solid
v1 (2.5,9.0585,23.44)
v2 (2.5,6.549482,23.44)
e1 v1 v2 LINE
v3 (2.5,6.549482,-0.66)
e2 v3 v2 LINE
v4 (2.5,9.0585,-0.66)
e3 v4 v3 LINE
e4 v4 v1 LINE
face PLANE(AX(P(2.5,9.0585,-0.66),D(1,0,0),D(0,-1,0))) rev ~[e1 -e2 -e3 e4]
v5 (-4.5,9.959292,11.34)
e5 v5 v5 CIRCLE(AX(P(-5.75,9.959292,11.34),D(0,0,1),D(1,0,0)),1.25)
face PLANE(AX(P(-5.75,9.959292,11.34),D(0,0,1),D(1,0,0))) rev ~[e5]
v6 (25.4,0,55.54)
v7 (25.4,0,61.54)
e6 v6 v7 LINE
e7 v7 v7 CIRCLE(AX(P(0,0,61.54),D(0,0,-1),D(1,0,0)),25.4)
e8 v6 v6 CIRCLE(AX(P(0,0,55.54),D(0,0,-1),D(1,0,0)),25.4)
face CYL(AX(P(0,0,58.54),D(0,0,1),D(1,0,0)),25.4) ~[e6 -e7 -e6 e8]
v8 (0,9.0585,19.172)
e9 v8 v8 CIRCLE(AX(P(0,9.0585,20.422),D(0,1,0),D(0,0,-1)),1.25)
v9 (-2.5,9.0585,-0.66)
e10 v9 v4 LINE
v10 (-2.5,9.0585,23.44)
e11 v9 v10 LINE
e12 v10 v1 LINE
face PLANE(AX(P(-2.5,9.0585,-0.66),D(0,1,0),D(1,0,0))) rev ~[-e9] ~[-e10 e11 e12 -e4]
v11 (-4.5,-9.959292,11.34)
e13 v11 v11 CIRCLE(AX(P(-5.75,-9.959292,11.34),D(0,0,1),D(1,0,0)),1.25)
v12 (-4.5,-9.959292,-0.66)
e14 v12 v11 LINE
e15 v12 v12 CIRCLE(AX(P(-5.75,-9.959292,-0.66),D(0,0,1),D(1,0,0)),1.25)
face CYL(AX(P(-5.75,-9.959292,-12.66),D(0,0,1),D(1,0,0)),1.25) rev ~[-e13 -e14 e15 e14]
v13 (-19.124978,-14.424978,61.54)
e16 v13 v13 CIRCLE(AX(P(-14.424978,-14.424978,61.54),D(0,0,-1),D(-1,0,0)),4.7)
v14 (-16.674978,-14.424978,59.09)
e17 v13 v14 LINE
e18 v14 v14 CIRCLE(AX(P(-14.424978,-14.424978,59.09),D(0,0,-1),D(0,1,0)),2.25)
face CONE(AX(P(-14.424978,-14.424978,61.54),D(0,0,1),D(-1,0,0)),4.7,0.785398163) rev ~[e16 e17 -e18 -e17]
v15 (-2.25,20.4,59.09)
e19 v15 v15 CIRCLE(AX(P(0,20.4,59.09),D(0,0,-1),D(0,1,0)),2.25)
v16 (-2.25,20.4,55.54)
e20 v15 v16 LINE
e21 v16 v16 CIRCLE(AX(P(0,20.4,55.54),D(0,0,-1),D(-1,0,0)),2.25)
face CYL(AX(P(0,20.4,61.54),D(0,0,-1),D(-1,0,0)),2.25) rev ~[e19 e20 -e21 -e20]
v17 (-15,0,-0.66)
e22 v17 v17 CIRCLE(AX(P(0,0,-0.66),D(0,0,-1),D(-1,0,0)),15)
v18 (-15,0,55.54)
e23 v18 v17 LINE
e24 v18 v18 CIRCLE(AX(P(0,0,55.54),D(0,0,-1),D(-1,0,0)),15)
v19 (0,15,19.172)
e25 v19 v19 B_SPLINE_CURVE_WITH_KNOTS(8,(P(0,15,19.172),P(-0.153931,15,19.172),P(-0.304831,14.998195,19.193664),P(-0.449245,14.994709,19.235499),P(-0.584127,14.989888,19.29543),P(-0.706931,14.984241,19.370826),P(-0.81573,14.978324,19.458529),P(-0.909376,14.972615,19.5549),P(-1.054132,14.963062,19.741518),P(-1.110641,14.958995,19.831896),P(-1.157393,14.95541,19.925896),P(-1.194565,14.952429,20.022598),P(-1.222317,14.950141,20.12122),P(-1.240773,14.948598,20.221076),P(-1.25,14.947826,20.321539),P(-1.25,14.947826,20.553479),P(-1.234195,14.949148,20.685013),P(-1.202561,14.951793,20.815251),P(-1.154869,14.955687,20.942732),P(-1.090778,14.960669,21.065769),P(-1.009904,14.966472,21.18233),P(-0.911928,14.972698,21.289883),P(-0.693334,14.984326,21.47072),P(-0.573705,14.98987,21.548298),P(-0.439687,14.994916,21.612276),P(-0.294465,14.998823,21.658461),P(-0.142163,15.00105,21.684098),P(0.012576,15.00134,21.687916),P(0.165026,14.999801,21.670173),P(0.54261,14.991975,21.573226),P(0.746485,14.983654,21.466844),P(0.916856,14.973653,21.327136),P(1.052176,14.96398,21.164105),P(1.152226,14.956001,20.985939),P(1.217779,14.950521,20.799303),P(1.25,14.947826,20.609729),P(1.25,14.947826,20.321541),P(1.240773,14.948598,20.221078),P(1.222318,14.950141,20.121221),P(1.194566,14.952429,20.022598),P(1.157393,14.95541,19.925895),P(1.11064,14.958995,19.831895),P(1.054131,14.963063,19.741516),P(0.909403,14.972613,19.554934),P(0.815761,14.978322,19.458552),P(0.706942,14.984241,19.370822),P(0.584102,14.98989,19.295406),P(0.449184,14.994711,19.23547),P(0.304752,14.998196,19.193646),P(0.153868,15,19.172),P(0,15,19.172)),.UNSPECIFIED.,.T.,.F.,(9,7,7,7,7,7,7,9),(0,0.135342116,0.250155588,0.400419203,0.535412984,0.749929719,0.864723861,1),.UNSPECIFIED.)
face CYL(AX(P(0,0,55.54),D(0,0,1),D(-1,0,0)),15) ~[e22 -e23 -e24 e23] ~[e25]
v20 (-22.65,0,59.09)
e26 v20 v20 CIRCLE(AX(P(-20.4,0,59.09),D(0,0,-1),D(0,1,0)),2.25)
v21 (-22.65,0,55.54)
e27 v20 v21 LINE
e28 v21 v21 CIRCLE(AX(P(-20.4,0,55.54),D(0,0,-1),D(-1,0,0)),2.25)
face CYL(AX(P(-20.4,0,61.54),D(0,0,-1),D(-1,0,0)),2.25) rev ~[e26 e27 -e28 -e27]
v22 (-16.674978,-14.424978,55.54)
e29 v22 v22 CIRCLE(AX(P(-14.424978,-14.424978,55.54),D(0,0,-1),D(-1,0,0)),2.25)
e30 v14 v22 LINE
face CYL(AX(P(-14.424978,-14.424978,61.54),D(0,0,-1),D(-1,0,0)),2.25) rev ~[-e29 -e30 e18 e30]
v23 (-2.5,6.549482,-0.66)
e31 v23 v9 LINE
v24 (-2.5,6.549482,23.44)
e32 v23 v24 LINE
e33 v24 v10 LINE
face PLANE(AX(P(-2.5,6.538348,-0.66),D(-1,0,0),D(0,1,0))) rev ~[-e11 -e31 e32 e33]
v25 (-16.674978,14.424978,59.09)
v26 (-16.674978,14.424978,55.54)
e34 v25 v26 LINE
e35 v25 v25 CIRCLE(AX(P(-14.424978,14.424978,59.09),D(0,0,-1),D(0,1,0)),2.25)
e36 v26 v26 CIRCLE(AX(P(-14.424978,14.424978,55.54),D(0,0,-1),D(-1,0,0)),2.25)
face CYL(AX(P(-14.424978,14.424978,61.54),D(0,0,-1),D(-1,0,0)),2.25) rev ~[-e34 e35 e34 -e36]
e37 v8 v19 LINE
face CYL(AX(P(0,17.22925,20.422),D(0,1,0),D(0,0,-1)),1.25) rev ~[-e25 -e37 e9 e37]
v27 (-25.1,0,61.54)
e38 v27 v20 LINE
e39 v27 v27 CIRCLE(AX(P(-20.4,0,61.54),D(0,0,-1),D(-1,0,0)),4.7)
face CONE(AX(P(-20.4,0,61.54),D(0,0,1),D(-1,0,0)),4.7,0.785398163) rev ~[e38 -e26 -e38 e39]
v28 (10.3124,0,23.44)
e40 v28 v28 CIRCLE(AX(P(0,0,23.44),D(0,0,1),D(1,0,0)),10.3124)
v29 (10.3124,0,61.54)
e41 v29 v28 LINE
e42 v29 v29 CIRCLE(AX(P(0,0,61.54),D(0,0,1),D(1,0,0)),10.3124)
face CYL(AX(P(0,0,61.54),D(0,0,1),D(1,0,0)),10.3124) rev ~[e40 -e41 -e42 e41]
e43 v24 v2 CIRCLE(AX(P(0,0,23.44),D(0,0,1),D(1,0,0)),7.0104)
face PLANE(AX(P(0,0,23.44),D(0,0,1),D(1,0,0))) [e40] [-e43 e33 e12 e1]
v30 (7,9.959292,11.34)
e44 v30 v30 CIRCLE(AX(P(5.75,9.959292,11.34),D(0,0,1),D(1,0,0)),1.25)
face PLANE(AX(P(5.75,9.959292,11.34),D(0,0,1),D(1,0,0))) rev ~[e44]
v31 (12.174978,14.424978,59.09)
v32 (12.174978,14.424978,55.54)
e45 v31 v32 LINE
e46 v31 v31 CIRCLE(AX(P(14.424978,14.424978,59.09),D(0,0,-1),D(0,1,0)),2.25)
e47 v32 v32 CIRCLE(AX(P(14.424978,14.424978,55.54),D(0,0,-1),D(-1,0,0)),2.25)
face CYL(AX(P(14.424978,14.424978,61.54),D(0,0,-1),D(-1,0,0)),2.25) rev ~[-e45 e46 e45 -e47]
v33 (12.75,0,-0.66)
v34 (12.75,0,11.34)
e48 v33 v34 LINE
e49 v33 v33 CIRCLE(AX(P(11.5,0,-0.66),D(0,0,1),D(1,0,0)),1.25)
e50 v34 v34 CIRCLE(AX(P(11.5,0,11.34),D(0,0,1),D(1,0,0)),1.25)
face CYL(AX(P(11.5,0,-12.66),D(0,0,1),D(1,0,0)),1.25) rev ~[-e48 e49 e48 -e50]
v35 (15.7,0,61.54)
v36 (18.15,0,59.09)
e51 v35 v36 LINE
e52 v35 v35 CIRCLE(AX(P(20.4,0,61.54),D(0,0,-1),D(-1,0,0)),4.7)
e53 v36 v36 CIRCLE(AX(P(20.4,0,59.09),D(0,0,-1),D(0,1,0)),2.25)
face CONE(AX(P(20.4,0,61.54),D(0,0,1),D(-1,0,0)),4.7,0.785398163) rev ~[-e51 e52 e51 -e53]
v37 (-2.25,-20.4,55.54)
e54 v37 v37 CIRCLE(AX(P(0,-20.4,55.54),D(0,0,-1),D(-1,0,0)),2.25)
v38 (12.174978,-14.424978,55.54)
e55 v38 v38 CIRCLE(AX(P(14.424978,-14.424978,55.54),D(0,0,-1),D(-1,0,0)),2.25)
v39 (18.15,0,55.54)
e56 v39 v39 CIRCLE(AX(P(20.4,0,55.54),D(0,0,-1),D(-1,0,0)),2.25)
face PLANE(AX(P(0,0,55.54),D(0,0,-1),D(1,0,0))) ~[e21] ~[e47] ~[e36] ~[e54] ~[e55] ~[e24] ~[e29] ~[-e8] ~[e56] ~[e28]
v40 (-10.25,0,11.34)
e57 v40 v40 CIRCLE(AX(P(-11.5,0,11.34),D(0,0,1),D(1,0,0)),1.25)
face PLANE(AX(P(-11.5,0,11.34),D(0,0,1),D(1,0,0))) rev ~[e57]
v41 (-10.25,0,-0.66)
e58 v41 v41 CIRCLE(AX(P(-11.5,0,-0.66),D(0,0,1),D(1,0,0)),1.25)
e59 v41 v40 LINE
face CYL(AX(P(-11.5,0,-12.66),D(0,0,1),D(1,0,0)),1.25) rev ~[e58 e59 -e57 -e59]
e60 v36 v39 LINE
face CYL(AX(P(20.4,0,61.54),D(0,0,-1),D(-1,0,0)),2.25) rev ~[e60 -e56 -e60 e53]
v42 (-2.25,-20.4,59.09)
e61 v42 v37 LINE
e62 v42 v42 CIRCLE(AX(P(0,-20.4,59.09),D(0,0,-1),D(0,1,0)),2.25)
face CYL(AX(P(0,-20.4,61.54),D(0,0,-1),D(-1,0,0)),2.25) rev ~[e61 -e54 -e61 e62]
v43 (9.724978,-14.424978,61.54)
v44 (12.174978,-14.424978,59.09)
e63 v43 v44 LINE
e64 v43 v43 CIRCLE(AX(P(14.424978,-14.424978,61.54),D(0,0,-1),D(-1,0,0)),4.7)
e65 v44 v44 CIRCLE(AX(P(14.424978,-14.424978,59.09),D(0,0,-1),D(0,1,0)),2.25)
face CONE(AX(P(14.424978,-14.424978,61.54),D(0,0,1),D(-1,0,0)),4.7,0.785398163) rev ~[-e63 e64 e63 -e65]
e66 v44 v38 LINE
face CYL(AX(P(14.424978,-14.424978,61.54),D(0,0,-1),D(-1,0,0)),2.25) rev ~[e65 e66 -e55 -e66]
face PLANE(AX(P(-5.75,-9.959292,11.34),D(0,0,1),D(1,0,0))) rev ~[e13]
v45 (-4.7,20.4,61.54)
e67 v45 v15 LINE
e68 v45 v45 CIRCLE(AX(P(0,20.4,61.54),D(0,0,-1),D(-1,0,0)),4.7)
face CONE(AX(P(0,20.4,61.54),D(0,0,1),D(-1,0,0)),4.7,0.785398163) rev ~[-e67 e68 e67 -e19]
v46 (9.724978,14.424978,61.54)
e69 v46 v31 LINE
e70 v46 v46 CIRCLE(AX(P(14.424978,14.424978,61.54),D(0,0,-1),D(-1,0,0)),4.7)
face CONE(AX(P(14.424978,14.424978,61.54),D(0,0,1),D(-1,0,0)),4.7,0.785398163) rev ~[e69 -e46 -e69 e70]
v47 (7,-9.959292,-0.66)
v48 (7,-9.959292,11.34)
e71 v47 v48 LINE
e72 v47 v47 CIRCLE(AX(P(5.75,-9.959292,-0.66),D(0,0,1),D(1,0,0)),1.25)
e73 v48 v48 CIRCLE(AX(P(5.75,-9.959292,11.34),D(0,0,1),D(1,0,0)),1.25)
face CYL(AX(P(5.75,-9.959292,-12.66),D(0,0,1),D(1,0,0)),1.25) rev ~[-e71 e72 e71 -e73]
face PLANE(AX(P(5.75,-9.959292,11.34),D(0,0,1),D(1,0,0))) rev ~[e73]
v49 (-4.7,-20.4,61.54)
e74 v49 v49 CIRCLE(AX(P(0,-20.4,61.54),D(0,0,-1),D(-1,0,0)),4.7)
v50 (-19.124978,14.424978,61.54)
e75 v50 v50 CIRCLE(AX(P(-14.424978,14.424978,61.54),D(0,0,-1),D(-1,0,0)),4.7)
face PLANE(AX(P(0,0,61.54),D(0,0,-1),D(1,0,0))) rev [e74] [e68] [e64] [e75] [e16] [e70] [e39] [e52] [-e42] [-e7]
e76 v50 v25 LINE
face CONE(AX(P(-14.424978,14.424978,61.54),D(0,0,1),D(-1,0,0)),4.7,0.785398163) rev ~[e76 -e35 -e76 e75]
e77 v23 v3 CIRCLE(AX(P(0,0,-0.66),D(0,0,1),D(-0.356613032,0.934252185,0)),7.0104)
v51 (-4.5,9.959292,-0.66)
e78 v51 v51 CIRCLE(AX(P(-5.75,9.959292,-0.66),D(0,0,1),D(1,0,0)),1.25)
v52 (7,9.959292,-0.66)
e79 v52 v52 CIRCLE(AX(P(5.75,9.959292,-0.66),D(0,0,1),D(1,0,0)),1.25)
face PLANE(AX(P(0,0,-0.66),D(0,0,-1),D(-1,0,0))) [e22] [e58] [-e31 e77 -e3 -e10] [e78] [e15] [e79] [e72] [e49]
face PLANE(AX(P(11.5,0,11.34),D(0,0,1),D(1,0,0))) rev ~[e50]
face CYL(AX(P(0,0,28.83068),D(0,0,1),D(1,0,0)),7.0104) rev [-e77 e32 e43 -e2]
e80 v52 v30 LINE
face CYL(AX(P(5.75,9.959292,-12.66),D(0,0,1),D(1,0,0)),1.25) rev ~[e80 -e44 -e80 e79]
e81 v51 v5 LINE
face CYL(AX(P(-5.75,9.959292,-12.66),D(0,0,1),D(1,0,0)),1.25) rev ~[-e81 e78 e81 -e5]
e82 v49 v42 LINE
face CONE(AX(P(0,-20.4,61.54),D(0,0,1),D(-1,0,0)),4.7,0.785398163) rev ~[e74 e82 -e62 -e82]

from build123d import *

# Parameters (mm, degrees)
SKETCH1_W                                         = 25.4
SKETCH1_H                                         = 6
SKETCH2_R                                         = 15
BOSS_EXTRUDE1_DEPTH                               = 56.2
CUT_EXTRUDE1_DEPTH                                = 63.2
SKETCH4_W                                         = 7.0104
SKETCH4_H                                         = 65.418639441
F_2_CLEARANCE_HOLE1_D                             = 2.5
F_2_CLEARANCE_HOLE1_DEPTH                         = 12
SKETCH7_W                                         = 1.25
SKETCH7_H                                         = 16.341500105
CSK_FOR_8_FLAT_HEAD_MACHINE_SCREW_100_D           = 4.5
CSK_FOR_8_FLAT_HEAD_MACHINE_SCREW_100_DEPTH       = 62.2
CSK_FOR_8_FLAT_HEAD_MACHINE_SCREW_100_CSINK_D     = 9.4
CSK_FOR_8_FLAT_HEAD_MACHINE_SCREW_100_CSINK_ANGLE = 90
SKETCH11_R                                        = 10.3124
CUT_EXTRUDE2_DEPTH                                = 38.1


with BuildPart() as part:
    # Sketch1 → Revolve1 (revolve)
    with BuildSketch(Plane.XZ):
        with Locations((12.7, 58.54)):
            Rectangle(SKETCH1_W, SKETCH1_H)
    revolve(axis=Axis((0, 0, 61.54), (0, 0, -1)))

    # Sketch2 → Boss-Extrude1 (add)
    with BuildSketch(Plane(origin=(0, 0, 55.54), x_dir=(-1, 0, 0), z_dir=(0, 0, -1))):
        Circle(SKETCH2_R)
    extrude(amount=BOSS_EXTRUDE1_DEPTH)

    # Sketch3 → Cut-Extrude1 (cut, through all)
    with BuildSketch(Plane(origin=(0, 0, -0.66), x_dir=(-1, 0, 0), z_dir=(0, 0, -1))):
        with BuildLine():
            Line((2.5, 9.058499895), (-2.5, 9.058499895))
            Line((-2.5, 9.058499895), (-2.5, 6.538348415))
            ThreePointArc((-2.5, 6.538348415), (0, 7), (2.5, 6.538348415))
            Line((2.5, 6.538348415), (2.5, 9.058499895))
        make_face()
    extrude(amount=-CUT_EXTRUDE1_DEPTH, mode=Mode.SUBTRACT)

    # Sketch4 → Cut-Revolve1 (revolve, cut)
    with BuildSketch(Plane.XZ):
        with Locations((3.5052, 28.83068028)):
            Rectangle(SKETCH4_W, SKETCH4_H)
    revolve(axis=Axis((0, 0, 61.54), (0, 0, -1)), mode=Mode.SUBTRACT)

    # #2 Clearance Hole1
    with Locations(Plane(origin=(0, 0, -0.66), x_dir=(-1, 0, 0), z_dir=(0, 0, -1))):
        with Locations((-11.5, 0), (-5.75, -9.959292144), (5.75, -9.959292144), (11.5, 0), (5.75, 9.959292144), (-5.75, 9.959292144)):
            Hole(F_2_CLEARANCE_HOLE1_D / 2, depth=F_2_CLEARANCE_HOLE1_DEPTH)

    # Sketch7 → #2 Clearance Hole2 (revolve, cut)
    with BuildSketch(Plane(origin=(0, 9.058499895, 20.422), x_dir=(0, 0, -1), z_dir=(1, 0, 0))):
        with Locations((0.625, 8.170750053)):
            Rectangle(SKETCH7_W, SKETCH7_H)
    revolve(axis=Axis((0, 2.708499895, 20.422), (0, 1, 0)), mode=Mode.SUBTRACT)

    # CSK for #8 Flat Head Machine Screw (100)1
    with Locations(Plane.XY.offset(61.54)):
        with Locations((0, 20.4), (14.424978336, 14.424978336), (20.4, 0), (14.424978336, -14.424978336), (0, -20.4), (-14.424978336, -14.424978336), (-20.4, 0), (-14.424978336, 14.424978336)):
            CounterSinkHole(CSK_FOR_8_FLAT_HEAD_MACHINE_SCREW_100_D / 2, CSK_FOR_8_FLAT_HEAD_MACHINE_SCREW_100_CSINK_D / 2, depth=CSK_FOR_8_FLAT_HEAD_MACHINE_SCREW_100_DEPTH, counter_sink_angle=CSK_FOR_8_FLAT_HEAD_MACHINE_SCREW_100_CSINK_ANGLE)

    # Sketch11 → Cut-Extrude2 (cut)
    with BuildSketch(Plane.XY.offset(61.54)):
        Circle(SKETCH11_R)
    extrude(amount=-CUT_EXTRUDE2_DEPTH, mode=Mode.SUBTRACT)


solid = part.part
